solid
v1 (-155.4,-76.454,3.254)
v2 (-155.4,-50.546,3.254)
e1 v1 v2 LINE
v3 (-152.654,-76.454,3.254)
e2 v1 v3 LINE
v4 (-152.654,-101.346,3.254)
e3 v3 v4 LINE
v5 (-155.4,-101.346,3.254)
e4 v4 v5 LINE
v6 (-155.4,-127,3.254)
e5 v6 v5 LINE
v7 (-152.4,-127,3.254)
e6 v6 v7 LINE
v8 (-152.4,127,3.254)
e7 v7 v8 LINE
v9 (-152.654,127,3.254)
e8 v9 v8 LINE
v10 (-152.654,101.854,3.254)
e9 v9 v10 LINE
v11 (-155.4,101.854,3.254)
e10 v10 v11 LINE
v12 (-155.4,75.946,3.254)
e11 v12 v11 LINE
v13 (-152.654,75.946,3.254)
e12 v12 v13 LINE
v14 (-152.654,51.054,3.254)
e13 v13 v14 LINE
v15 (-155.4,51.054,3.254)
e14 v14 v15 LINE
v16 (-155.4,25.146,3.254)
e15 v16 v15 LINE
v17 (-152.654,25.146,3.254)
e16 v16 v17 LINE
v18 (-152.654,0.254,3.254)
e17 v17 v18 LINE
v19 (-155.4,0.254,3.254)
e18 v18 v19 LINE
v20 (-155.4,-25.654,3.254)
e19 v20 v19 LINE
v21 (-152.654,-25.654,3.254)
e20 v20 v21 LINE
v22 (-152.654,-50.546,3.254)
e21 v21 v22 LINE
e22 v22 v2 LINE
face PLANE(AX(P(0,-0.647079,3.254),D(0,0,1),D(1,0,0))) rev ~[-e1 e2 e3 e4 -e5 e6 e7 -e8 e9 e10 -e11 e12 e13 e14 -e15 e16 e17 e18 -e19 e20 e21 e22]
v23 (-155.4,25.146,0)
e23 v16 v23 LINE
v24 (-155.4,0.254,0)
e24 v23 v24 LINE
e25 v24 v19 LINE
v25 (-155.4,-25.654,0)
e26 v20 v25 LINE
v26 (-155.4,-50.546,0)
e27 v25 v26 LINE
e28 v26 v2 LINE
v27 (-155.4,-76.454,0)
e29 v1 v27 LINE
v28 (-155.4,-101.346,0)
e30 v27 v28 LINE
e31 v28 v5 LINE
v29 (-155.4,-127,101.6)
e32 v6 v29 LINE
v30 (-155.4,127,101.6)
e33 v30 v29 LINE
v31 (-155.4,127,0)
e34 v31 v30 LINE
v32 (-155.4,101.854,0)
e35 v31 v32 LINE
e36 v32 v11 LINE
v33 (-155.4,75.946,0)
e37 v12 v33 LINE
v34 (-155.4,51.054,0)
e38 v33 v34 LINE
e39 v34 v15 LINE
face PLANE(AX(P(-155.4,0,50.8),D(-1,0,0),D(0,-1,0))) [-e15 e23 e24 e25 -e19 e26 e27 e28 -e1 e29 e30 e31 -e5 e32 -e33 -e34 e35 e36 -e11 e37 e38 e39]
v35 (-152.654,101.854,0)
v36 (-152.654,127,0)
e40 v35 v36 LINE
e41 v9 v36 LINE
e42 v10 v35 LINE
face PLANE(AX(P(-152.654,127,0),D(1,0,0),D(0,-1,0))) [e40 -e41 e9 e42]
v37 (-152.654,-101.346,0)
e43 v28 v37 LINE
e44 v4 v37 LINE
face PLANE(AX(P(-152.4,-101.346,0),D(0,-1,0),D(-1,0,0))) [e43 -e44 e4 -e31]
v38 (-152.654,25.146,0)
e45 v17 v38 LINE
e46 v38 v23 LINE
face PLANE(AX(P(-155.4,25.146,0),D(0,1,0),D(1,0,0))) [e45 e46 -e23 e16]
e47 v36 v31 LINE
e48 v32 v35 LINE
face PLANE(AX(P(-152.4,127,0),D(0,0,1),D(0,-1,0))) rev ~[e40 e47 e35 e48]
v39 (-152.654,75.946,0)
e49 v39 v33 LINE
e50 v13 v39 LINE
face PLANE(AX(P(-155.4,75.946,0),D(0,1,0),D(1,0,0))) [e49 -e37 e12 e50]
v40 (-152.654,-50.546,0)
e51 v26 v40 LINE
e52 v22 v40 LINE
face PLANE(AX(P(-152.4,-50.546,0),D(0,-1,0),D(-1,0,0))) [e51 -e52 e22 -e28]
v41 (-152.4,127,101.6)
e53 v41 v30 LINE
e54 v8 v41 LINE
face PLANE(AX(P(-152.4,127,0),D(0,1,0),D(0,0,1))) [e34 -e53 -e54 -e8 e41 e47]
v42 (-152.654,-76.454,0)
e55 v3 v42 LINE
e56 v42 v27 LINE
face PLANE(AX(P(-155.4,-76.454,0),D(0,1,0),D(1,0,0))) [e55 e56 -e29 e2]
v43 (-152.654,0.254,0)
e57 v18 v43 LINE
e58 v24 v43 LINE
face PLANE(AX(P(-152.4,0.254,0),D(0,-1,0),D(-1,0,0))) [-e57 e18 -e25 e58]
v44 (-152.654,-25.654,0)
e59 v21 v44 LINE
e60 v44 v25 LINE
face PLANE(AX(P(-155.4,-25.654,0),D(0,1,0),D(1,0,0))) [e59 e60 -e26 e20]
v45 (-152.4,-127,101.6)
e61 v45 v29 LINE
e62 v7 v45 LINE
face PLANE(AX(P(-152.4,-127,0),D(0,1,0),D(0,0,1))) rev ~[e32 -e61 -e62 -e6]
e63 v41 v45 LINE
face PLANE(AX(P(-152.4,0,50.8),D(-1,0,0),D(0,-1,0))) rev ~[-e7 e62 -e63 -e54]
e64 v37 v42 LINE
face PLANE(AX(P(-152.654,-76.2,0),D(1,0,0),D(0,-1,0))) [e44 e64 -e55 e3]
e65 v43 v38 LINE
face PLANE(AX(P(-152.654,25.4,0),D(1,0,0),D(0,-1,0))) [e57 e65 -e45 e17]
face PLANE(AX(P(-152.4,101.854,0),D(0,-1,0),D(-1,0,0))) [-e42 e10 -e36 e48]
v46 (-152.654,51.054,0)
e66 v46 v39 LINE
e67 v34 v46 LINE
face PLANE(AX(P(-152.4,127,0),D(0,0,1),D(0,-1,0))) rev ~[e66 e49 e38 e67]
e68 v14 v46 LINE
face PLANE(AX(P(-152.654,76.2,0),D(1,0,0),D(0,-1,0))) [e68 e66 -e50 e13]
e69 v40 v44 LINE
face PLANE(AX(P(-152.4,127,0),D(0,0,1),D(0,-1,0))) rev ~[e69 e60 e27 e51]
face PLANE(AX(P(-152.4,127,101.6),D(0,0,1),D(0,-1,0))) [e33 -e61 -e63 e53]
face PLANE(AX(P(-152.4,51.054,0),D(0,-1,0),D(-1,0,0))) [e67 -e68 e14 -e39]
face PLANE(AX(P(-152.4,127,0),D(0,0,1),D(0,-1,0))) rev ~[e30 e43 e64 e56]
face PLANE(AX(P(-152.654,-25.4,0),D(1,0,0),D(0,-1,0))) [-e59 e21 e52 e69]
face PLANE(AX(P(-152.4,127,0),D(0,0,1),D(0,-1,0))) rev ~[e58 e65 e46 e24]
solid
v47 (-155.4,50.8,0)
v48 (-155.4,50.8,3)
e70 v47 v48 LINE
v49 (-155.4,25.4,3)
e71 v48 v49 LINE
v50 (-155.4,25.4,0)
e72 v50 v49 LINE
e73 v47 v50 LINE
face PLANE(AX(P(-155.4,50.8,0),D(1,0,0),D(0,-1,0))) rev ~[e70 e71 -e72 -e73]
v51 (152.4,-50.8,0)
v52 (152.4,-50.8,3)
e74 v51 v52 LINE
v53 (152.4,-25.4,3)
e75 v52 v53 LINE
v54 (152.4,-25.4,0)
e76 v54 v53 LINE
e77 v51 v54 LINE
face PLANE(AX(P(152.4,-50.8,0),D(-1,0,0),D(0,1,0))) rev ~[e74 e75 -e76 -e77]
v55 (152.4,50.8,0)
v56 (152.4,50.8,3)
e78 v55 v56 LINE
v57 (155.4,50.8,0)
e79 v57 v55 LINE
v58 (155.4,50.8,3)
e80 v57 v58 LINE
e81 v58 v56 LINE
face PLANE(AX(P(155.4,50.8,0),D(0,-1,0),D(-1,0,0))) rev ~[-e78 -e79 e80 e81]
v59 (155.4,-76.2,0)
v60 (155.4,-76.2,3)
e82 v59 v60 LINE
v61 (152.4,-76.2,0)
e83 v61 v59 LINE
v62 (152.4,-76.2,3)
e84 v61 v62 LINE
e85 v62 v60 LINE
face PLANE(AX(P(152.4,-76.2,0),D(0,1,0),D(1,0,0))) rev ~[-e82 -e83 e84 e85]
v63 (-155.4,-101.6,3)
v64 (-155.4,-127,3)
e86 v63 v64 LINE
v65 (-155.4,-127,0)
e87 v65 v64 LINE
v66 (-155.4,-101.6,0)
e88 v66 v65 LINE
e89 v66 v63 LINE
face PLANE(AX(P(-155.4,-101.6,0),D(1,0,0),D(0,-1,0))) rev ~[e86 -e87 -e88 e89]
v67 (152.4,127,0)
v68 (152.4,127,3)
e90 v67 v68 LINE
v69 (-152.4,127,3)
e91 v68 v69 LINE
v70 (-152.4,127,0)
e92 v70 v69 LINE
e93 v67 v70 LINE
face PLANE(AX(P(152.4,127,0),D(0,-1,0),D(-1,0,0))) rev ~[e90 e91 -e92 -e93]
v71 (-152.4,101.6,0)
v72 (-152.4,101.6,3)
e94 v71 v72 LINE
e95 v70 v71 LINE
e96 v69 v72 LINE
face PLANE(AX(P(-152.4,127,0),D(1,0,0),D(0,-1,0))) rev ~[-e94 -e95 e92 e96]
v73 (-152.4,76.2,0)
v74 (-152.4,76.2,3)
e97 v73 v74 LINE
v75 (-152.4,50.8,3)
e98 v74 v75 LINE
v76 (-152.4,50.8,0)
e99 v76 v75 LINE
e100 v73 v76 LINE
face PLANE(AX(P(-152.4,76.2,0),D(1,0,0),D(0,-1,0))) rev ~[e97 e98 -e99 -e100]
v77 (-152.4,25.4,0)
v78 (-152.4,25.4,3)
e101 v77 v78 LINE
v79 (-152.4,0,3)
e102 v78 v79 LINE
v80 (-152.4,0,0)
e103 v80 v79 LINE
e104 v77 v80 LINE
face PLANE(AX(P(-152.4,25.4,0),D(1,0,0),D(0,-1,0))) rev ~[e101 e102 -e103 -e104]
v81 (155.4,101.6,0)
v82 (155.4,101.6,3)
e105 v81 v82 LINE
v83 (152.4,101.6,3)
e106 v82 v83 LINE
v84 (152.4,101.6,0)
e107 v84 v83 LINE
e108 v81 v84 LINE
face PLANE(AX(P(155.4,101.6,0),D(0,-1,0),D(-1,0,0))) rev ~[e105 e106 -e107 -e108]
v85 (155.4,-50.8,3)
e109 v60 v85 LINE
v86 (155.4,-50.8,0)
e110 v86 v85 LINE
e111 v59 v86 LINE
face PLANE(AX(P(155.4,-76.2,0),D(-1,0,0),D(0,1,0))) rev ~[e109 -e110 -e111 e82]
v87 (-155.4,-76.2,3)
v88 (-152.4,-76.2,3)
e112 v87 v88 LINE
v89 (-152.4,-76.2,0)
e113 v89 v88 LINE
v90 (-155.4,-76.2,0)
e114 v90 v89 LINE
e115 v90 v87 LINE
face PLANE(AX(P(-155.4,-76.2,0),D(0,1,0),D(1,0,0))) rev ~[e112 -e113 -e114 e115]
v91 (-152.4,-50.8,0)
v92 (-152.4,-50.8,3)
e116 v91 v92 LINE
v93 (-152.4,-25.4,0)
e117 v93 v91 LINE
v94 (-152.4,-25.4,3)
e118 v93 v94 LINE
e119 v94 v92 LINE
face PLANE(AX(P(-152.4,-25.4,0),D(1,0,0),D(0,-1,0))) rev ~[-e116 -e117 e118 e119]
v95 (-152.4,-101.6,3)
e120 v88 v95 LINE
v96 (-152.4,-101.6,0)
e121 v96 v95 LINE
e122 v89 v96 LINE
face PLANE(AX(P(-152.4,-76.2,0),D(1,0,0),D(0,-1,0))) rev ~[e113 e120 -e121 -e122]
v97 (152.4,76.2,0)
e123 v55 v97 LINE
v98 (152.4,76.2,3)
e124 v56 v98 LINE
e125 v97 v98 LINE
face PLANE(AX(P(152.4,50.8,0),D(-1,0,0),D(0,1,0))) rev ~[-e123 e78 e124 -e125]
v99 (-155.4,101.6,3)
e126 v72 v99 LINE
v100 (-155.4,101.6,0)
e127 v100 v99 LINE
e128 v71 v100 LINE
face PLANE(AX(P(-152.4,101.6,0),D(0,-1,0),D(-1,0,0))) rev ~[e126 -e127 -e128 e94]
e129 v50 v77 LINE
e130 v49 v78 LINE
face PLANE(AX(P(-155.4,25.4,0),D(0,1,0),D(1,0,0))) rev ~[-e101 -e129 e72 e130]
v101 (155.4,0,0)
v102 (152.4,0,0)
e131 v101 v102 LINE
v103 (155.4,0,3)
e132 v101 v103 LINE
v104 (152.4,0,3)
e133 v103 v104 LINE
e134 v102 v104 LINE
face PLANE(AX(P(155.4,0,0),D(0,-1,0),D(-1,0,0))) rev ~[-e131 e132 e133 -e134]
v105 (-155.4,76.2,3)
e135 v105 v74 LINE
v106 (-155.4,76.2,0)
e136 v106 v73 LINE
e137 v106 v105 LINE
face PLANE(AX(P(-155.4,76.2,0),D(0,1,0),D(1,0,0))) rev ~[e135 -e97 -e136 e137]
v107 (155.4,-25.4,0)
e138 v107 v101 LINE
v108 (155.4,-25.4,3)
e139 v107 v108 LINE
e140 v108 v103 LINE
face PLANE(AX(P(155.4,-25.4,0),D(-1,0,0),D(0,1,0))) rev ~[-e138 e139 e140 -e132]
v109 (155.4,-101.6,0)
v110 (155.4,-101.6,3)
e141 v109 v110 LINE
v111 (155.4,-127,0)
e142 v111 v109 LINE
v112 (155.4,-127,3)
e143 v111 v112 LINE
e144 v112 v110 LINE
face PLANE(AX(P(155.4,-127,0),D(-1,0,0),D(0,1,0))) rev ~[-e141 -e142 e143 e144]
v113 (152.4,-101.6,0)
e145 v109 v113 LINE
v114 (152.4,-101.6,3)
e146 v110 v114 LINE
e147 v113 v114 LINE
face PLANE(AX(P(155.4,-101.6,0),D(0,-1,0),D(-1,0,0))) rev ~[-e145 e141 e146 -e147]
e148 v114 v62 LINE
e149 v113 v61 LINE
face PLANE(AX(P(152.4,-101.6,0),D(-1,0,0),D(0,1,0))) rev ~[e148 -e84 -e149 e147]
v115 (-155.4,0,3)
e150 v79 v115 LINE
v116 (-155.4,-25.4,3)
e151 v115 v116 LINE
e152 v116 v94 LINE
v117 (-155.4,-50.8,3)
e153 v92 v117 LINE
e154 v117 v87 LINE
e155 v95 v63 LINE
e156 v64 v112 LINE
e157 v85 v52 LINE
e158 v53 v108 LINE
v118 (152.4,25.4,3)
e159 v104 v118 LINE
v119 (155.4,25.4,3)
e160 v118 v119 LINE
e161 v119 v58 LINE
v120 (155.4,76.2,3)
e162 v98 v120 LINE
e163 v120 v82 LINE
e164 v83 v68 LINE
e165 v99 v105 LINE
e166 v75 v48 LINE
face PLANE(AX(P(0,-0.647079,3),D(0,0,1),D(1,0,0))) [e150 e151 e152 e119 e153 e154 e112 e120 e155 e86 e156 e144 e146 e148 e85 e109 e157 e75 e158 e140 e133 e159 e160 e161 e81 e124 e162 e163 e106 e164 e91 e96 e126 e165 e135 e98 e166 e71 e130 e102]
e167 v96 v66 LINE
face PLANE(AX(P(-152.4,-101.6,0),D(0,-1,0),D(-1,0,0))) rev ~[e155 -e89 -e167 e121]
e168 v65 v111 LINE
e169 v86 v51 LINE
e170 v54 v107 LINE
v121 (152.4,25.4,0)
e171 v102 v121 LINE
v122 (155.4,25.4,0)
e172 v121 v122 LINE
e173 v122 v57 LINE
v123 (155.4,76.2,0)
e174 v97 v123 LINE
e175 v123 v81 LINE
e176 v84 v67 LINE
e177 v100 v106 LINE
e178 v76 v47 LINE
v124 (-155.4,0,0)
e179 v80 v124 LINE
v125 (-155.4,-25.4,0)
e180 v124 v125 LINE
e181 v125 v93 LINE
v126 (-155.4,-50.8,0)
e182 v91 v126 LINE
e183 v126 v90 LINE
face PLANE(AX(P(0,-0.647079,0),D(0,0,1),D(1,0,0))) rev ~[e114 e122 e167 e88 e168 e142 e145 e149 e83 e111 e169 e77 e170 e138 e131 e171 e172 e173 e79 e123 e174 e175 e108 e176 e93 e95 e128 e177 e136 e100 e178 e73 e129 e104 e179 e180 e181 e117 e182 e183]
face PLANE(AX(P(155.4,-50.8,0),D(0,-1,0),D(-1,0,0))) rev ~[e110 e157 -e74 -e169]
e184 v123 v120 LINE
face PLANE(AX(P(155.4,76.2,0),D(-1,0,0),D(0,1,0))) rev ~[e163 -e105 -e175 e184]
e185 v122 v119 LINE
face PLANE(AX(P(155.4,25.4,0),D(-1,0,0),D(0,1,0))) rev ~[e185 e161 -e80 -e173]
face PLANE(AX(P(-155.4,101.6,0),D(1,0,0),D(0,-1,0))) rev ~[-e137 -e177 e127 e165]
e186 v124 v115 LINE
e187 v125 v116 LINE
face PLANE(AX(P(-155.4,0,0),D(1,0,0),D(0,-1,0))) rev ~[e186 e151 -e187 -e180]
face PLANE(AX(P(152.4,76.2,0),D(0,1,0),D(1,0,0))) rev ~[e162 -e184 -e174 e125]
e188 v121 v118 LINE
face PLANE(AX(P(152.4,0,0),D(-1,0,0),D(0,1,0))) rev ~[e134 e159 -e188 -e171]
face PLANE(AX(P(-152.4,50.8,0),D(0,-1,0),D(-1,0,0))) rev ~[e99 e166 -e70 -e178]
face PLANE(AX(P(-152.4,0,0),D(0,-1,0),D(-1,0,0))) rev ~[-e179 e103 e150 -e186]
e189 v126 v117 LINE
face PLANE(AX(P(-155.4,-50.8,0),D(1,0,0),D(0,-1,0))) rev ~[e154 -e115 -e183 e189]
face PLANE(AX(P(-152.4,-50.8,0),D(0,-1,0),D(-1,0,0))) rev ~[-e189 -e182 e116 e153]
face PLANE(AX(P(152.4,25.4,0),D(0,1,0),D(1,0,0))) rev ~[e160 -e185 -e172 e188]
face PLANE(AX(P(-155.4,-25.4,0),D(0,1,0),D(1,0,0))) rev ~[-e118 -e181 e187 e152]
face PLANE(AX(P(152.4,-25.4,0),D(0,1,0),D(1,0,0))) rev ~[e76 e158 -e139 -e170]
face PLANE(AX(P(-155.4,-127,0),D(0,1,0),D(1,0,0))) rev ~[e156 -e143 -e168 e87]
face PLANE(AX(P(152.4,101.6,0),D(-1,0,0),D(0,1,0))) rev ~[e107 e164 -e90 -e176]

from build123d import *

# Parameters (mm, degrees)
F2_DEPTH  = 3
F3_W      = 254
F3_H      = 101.6
F4_DEPTH  = 3
F5_OFFSET = 0.254


with BuildPart() as f2:
    # F1 (on Top) → F2 (new body)
    with BuildSketch(Plane.XY):
        Polygon((152.4, 127), (-152.4, 127), (-152.4, 101.6), (-155.4, 101.6), (-155.4, 76.2), (-152.4, 76.2), (-152.4, 50.8), (-155.4, 50.8), (-155.4, 25.4), (-152.4, 25.4), (-152.4, 0), (-155.4, 0), (-155.4, -25.4), (-152.4, -25.4), (-152.4, -50.8), (-155.4, -50.8), (-155.4, -76.2), (-152.4, -76.2), (-152.4, -101.6), (-155.4, -101.6), (-155.4, -127), (-152.4, -127), (152.4, -127), (155.4, -127), (155.4, -101.6), (152.4, -101.6), (152.4, -76.2), (155.4, -76.2), (155.4, -50.8), (152.4, -50.8), (152.4, -25.4), (155.4, -25.4), (155.4, 0), (152.4, 0), (152.4, 25.4), (155.4, 25.4), (155.4, 50.8), (152.4, 50.8), (152.4, 76.2), (155.4, 76.2), (155.4, 101.6), (152.4, 101.6), align=None)
    extrude(amount=F2_DEPTH)


with BuildPart() as f4:
    # F3 (on face) → F4 (new body, through all)
    with BuildSketch(Plane(origin=(-152.4, 0, 0), x_dir=(0, -1, 0), z_dir=(-1, 0, 0))):
        with Locations((0, 50.8)):
            Rectangle(F3_W, F3_H)
    extrude(amount=F4_DEPTH)

    # F5: cut F2, made larger all round first
    f5_tool = offset(f2.part, amount=F5_OFFSET, kind=Kind.INTERSECTION, mode=Mode.PRIVATE)
    add(f5_tool, mode=Mode.SUBTRACT)


solid = Compound([f2.part, f4.part])
